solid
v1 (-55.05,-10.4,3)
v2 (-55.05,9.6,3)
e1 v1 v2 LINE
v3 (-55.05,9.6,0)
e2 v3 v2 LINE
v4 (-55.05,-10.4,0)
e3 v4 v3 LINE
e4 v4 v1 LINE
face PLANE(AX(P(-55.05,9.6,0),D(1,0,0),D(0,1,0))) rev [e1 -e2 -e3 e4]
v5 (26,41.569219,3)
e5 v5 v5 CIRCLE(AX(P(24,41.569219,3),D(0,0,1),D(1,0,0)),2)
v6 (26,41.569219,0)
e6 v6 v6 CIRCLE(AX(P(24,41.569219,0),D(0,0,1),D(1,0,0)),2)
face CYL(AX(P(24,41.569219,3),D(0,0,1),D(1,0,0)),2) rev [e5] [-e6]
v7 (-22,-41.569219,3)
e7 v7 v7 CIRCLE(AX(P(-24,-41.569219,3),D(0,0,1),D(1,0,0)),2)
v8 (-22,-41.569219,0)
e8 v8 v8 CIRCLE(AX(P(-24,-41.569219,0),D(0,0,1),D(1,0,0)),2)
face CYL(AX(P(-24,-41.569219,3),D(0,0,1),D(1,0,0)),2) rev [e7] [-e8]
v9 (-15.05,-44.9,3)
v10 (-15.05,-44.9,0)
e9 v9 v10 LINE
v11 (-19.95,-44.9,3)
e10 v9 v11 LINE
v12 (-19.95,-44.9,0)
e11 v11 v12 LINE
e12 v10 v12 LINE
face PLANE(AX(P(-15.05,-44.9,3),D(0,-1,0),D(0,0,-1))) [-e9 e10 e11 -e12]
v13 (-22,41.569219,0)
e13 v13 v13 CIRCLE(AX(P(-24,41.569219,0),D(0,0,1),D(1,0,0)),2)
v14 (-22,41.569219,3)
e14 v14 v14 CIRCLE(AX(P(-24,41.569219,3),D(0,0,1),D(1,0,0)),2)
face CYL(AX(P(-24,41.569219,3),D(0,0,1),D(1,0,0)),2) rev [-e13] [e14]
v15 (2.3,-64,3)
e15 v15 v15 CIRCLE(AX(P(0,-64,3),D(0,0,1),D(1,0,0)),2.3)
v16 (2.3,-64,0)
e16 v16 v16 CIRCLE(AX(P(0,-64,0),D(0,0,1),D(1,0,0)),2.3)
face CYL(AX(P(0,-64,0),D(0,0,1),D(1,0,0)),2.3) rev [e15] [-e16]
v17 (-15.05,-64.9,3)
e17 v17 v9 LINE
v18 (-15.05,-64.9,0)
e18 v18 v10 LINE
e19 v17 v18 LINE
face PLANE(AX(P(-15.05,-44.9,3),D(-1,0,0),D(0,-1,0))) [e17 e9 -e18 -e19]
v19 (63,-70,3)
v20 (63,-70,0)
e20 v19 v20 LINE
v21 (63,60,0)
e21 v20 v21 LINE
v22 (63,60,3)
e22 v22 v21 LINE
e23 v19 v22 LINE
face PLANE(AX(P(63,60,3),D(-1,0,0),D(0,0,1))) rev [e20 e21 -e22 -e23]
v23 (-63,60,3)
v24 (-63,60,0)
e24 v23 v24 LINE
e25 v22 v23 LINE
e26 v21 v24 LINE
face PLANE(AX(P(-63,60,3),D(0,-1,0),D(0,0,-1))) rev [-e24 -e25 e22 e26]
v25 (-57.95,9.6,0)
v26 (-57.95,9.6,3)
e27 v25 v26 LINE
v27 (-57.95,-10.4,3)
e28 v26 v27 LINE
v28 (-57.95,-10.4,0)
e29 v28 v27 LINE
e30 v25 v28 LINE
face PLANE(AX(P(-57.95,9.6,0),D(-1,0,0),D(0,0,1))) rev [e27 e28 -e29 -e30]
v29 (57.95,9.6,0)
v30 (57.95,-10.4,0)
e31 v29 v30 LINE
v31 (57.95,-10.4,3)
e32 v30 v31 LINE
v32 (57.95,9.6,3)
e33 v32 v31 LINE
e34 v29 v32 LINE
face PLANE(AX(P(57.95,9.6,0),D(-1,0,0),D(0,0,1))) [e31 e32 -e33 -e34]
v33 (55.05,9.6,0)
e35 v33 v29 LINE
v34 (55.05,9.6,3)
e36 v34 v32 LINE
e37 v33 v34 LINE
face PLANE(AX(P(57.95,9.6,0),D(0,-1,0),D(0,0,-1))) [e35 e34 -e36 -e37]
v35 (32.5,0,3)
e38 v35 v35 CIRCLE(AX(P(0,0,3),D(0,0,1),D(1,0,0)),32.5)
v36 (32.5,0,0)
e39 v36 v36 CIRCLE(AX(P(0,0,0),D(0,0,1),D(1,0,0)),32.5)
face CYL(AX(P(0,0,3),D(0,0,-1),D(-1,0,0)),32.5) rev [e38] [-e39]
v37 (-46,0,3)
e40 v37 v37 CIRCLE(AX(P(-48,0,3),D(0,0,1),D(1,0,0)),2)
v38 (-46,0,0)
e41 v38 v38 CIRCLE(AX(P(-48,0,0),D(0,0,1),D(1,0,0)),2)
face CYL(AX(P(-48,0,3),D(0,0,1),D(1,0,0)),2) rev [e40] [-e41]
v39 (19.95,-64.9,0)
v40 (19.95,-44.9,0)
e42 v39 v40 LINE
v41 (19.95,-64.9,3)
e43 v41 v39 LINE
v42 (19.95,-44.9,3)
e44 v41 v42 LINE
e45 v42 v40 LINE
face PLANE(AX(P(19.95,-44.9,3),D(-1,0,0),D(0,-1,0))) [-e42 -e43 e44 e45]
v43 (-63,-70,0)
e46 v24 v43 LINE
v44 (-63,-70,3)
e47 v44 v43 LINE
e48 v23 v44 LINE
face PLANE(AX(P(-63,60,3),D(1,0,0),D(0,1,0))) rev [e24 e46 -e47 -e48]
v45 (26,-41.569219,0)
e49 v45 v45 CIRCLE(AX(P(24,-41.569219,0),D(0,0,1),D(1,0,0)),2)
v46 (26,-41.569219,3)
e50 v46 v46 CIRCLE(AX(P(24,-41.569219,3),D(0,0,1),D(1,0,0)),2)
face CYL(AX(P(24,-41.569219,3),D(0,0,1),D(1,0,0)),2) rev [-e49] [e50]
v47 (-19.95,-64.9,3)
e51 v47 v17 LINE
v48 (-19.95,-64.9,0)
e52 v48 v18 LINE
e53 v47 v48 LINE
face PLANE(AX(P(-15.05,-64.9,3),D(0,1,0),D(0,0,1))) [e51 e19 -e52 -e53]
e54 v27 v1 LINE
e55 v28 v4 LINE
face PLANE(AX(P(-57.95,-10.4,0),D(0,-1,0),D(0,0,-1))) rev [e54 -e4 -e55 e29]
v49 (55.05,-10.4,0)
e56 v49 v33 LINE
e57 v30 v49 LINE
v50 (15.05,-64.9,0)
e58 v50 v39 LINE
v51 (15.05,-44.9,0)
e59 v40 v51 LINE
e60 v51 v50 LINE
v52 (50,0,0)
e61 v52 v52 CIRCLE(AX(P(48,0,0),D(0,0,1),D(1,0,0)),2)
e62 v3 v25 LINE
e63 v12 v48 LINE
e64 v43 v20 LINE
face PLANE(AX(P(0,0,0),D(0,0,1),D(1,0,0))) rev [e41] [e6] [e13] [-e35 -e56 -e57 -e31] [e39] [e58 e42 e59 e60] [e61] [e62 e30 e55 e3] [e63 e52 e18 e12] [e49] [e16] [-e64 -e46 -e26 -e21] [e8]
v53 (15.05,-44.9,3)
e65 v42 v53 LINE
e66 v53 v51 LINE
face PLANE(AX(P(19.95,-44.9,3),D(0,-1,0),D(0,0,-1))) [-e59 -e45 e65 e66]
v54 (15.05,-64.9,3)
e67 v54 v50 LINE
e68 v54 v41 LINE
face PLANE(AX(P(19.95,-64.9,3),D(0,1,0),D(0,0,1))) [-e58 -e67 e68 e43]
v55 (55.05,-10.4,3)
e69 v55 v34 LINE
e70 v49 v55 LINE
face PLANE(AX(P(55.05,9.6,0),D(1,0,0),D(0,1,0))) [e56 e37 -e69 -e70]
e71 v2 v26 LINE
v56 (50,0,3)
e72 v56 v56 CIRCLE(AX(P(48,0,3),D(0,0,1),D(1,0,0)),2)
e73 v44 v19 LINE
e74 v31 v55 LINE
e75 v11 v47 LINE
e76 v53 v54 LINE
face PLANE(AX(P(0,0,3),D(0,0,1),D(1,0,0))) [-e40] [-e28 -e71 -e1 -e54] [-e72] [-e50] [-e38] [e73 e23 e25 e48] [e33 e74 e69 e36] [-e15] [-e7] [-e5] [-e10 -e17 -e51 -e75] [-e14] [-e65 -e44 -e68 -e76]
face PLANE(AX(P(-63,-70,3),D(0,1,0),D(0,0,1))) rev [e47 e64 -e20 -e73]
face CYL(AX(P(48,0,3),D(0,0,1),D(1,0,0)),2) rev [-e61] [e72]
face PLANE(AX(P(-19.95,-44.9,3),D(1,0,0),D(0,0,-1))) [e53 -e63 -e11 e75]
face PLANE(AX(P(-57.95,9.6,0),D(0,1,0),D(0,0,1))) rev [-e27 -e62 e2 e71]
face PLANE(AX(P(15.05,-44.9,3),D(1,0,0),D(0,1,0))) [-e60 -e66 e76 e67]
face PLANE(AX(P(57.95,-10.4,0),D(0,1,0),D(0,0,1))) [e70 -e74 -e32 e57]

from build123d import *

# Parameters (mm, degrees)
SKETCH1_W                    = 126
SKETCH1_H                    = 130
SKETCH1_R                    = 32.5
SKETCH1_W_2                  = 4.9
SKETCH1_H_2                  = 20
BOSS_EXTRUDE1_DEPTH          = 3
SKETCH2_W                    = 2.9
SKETCH2_H                    = 20
CUT_EXTRUDE1_DEPTH           = 3
F_4_0_4_DIAMETER_HOLE1_D     = 4
F_4_0_4_DIAMETER_HOLE1_DEPTH = 10
F_4_0_4_DIAMETER_HOLE1_TIP   = 1.201721238
SKETCH6_R                    = 2.3
CUT_EXTRUDE2_DEPTH           = 3


with BuildPart() as part:
    # Sketch1 → Boss-Extrude1 (new body)
    with BuildSketch(Plane.XY):
        with Locations((0, -5)):
            Rectangle(SKETCH1_W, SKETCH1_H)
        Circle(SKETCH1_R, mode=Mode.SUBTRACT)
        with Locations((-17.5, -54.9)):
            Rectangle(SKETCH1_W_2, SKETCH1_H_2, mode=Mode.SUBTRACT)
        with Locations((17.5, -54.9)):
            Rectangle(SKETCH1_W_2, SKETCH1_H_2, mode=Mode.SUBTRACT)
    extrude(amount=BOSS_EXTRUDE1_DEPTH)

    # Sketch2 → Cut-Extrude1 (cut)
    with BuildSketch(Plane.XY.offset(3)):
        with Locations((-56.5, -0.4)):
            Rectangle(SKETCH2_W, SKETCH2_H)
    cut_extrude1 = extrude(amount=-CUT_EXTRUDE1_DEPTH, mode=Mode.SUBTRACT)

    # Mirror1: Cut-Extrude1 across plane
    add(cut_extrude1.mirror(Plane(origin=(0, 0, 0), x_dir=(0, 0, 1), z_dir=(1, 0, 0))), mode=Mode.SUBTRACT)

    # Ø4.0 (4) Diameter Hole1
    with Locations(Plane.XY.offset(3)):
        with Locations((-24, 41.569219382), (48, 0), (24, 41.569219382), (24, -41.569219382), (-24, -41.569219382), (-48, 0)):
            Hole(F_4_0_4_DIAMETER_HOLE1_D / 2, depth=F_4_0_4_DIAMETER_HOLE1_DEPTH)
            with Locations((0, 0, -(F_4_0_4_DIAMETER_HOLE1_DEPTH + F_4_0_4_DIAMETER_HOLE1_TIP / 2))):  # 118° drill point
                Cone(0, F_4_0_4_DIAMETER_HOLE1_D / 2, F_4_0_4_DIAMETER_HOLE1_TIP, mode=Mode.SUBTRACT)

    # Sketch6 → Cut-Extrude2 (cut)
    with BuildSketch(Plane.XY.offset(3)):
        with Locations((0, -64)):
            Circle(SKETCH6_R)
    extrude(amount=-CUT_EXTRUDE2_DEPTH, mode=Mode.SUBTRACT)


solid = part.part
